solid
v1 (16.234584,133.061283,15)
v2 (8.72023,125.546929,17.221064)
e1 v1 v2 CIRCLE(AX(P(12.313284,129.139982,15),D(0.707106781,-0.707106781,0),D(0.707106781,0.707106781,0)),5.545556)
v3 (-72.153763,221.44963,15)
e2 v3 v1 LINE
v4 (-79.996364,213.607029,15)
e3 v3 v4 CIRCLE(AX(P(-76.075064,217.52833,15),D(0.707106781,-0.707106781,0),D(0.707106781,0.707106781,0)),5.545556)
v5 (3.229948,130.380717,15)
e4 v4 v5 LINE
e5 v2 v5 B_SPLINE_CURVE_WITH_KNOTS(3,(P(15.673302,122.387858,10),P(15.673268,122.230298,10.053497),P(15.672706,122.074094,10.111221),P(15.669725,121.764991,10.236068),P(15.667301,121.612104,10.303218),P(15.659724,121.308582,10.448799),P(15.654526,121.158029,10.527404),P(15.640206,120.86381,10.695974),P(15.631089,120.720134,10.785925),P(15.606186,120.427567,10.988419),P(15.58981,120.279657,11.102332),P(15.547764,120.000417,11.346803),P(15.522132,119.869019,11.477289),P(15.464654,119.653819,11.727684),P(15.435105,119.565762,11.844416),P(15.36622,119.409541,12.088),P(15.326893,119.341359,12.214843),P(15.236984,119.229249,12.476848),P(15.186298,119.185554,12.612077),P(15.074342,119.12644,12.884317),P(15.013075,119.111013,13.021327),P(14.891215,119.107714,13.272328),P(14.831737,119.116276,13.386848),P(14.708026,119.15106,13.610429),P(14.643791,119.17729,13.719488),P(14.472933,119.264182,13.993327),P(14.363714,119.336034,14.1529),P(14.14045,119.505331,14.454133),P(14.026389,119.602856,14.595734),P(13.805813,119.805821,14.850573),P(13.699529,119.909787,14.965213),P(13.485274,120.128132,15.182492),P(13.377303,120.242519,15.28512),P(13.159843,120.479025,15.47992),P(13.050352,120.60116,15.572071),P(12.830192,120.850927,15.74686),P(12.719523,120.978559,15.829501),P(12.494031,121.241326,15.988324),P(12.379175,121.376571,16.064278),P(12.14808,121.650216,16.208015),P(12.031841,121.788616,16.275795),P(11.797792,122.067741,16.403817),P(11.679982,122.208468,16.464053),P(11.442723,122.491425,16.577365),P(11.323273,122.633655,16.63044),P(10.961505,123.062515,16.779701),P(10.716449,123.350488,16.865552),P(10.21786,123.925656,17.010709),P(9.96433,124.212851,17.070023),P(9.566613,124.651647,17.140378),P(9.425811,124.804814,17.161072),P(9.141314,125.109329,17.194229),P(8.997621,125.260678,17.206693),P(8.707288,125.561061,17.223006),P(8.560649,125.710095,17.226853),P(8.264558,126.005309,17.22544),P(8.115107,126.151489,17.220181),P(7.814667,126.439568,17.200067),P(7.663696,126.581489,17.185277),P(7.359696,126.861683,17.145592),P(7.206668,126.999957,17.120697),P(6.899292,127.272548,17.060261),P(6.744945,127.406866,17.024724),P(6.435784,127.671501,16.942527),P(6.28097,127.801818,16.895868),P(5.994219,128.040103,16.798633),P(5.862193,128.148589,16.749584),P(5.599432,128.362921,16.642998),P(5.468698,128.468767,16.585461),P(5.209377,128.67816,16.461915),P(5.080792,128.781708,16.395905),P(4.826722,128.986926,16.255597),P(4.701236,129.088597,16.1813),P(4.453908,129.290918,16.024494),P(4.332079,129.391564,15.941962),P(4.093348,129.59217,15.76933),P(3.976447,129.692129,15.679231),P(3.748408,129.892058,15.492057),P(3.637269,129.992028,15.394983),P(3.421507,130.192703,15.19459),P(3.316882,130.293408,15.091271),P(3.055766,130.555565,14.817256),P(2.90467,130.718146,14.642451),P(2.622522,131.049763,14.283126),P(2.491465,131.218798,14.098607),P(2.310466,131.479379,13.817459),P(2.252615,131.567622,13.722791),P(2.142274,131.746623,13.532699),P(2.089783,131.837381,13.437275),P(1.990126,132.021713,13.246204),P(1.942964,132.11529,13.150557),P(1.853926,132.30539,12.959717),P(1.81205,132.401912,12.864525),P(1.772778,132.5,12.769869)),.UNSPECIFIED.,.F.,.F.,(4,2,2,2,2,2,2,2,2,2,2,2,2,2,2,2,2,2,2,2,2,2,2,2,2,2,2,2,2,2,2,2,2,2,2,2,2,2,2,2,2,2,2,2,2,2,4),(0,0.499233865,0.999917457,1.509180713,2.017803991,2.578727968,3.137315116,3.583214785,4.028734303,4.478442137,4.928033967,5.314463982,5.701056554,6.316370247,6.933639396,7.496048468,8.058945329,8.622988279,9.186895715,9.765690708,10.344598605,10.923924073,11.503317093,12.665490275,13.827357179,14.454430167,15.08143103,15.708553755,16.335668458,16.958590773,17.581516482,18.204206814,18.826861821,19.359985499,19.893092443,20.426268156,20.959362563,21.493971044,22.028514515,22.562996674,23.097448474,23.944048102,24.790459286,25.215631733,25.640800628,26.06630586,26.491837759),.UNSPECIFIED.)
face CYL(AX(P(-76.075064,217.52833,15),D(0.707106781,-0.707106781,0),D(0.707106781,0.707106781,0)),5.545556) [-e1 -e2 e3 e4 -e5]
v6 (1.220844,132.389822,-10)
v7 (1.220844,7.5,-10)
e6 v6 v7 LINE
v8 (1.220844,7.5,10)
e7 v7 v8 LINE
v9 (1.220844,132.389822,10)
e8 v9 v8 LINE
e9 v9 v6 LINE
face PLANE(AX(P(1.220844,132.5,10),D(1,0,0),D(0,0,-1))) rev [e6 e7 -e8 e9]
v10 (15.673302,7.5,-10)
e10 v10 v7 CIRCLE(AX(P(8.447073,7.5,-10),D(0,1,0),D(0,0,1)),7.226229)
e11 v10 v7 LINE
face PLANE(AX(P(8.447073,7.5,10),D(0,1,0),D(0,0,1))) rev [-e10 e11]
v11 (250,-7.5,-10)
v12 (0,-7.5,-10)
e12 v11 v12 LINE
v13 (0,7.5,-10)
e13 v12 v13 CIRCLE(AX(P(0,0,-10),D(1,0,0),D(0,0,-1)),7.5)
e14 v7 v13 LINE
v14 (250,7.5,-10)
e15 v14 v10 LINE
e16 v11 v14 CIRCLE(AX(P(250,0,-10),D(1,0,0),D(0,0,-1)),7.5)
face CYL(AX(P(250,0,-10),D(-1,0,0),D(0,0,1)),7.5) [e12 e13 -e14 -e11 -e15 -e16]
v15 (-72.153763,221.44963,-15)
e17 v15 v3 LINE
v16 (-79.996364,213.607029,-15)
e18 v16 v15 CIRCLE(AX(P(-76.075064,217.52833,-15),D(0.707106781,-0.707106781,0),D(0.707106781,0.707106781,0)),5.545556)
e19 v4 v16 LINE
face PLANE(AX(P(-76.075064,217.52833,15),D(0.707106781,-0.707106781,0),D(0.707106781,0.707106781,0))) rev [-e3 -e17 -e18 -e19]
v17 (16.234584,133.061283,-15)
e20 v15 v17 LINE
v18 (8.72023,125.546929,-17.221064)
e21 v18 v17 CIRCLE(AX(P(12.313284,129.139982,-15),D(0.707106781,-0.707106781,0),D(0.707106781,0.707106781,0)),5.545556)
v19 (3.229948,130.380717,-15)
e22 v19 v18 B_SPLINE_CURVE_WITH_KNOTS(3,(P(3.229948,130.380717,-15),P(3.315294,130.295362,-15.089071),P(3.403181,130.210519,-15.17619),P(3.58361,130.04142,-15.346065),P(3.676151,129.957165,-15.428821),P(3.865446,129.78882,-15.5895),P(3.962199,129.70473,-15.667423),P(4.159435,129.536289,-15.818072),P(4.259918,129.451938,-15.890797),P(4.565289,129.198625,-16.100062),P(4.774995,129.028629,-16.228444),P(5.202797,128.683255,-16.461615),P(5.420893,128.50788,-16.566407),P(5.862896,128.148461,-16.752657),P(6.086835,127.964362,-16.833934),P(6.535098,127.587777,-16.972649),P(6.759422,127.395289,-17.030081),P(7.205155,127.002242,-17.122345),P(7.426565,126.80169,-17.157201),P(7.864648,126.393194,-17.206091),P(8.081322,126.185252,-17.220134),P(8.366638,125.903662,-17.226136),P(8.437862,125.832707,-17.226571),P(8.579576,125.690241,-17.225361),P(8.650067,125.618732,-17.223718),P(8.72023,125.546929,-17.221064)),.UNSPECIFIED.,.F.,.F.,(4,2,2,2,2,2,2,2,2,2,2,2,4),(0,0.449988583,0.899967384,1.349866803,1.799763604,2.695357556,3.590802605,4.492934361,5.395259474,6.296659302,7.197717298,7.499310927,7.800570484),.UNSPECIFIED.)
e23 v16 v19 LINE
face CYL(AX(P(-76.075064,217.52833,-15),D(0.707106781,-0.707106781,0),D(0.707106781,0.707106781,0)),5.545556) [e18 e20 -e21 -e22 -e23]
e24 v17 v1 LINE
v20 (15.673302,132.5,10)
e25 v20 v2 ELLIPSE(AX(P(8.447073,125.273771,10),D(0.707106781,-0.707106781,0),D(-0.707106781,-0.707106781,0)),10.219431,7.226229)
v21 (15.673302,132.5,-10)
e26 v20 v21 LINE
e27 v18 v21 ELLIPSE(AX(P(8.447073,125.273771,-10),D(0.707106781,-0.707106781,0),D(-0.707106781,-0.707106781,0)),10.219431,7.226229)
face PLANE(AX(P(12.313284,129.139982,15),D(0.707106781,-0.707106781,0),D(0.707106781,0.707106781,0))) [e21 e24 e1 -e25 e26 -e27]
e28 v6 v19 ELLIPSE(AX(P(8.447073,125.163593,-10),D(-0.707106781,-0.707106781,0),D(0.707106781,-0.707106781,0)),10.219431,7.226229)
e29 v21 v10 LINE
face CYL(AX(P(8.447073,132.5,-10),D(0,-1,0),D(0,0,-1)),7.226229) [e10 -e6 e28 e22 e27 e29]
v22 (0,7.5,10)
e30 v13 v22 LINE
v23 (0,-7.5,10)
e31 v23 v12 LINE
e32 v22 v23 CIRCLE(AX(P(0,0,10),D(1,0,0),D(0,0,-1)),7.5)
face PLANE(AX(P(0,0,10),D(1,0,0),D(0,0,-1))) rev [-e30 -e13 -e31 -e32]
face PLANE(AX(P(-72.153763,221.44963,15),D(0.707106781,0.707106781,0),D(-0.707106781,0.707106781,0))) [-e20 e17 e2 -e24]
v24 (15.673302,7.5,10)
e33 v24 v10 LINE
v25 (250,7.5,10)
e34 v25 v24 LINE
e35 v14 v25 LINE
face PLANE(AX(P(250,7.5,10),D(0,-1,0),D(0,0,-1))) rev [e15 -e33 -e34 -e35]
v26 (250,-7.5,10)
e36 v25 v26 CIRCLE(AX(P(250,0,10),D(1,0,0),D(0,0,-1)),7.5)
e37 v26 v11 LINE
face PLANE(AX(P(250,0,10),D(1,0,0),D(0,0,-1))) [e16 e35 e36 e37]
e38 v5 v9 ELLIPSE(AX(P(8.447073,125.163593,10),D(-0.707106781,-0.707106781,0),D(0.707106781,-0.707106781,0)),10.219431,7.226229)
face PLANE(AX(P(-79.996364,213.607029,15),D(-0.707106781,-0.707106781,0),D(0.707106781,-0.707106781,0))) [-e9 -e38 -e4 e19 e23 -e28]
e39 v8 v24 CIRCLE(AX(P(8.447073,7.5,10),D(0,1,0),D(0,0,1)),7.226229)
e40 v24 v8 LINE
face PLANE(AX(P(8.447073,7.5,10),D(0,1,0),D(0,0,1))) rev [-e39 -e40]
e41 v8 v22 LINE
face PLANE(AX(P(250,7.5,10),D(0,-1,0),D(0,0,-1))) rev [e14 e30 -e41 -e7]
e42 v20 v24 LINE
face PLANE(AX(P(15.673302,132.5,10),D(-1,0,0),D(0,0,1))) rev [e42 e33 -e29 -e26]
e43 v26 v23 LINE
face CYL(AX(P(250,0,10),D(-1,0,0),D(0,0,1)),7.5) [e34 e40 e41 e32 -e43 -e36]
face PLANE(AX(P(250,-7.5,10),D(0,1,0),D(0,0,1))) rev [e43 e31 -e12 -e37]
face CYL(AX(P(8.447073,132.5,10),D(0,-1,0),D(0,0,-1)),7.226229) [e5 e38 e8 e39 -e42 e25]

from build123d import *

# Parameters (mm, degrees)
BOSS_EXTRUDE1_DEPTH = 250
BOSS_EXTRUDE6_DEPTH = 125
BOSS_EXTRUDE7_DEPTH = 125


with BuildPart() as part:
    # Sketch1 → Boss-Extrude1 (new body)
    with BuildSketch(Plane(origin=(0, 0, 0), x_dir=(0, 0, -1), z_dir=(1, 0, 0))):
        with BuildLine():
            Line((-10, 7.5), (10, 7.5))
            ThreePointArc((10, 7.5), (17.5, 0), (10, -7.5))
            Line((10, -7.5), (-10, -7.5))
            ThreePointArc((-10, -7.5), (-17.5, 0), (-10, 7.5))
        make_face()
    extrude(amount=BOSS_EXTRUDE1_DEPTH)

    # Sketch11 → Boss-Extrude6 (add)
    with BuildSketch(Plane(origin=(0, 7.5, 0), x_dir=(1, 0, 0), z_dir=(0, 1, 0))):
        with BuildLine():
            Line((1.220843579, -10), (1.220843579, 10))
            ThreePointArc((1.220843579, 10), (8.447072594, 17.226229015), (15.673301609, 10))
            Line((15.673301609, 10), (15.673301609, -10))
            ThreePointArc((15.673301609, -10), (8.447072594, -17.226229015), (1.220843579, -10))
        make_face()
    extrude(amount=BOSS_EXTRUDE6_DEPTH)

    # Sketch12 → Boss-Extrude7 (add)
    with BuildSketch(Plane(origin=(-58.413349195, 58.413349195, 0), x_dir=(-0.7071067811865476, -0.7071067811865476, 0), z_dir=(0.7071067811865476, -0.7071067811865476, 0))):
        with BuildLine():
            Line((-105.56811993, -15), (-105.56811993, 15))
            ThreePointArc((-105.56811993, 15), (-100.022563681, 20.545556249), (-94.477007433, 15))
            Line((-94.477007433, 15), (-94.477007433, -15))
            ThreePointArc((-94.477007433, -15), (-100.022563681, -20.545556249), (-105.56811993, -15))
        make_face()
    extrude(amount=-BOSS_EXTRUDE7_DEPTH)


solid = part.part
